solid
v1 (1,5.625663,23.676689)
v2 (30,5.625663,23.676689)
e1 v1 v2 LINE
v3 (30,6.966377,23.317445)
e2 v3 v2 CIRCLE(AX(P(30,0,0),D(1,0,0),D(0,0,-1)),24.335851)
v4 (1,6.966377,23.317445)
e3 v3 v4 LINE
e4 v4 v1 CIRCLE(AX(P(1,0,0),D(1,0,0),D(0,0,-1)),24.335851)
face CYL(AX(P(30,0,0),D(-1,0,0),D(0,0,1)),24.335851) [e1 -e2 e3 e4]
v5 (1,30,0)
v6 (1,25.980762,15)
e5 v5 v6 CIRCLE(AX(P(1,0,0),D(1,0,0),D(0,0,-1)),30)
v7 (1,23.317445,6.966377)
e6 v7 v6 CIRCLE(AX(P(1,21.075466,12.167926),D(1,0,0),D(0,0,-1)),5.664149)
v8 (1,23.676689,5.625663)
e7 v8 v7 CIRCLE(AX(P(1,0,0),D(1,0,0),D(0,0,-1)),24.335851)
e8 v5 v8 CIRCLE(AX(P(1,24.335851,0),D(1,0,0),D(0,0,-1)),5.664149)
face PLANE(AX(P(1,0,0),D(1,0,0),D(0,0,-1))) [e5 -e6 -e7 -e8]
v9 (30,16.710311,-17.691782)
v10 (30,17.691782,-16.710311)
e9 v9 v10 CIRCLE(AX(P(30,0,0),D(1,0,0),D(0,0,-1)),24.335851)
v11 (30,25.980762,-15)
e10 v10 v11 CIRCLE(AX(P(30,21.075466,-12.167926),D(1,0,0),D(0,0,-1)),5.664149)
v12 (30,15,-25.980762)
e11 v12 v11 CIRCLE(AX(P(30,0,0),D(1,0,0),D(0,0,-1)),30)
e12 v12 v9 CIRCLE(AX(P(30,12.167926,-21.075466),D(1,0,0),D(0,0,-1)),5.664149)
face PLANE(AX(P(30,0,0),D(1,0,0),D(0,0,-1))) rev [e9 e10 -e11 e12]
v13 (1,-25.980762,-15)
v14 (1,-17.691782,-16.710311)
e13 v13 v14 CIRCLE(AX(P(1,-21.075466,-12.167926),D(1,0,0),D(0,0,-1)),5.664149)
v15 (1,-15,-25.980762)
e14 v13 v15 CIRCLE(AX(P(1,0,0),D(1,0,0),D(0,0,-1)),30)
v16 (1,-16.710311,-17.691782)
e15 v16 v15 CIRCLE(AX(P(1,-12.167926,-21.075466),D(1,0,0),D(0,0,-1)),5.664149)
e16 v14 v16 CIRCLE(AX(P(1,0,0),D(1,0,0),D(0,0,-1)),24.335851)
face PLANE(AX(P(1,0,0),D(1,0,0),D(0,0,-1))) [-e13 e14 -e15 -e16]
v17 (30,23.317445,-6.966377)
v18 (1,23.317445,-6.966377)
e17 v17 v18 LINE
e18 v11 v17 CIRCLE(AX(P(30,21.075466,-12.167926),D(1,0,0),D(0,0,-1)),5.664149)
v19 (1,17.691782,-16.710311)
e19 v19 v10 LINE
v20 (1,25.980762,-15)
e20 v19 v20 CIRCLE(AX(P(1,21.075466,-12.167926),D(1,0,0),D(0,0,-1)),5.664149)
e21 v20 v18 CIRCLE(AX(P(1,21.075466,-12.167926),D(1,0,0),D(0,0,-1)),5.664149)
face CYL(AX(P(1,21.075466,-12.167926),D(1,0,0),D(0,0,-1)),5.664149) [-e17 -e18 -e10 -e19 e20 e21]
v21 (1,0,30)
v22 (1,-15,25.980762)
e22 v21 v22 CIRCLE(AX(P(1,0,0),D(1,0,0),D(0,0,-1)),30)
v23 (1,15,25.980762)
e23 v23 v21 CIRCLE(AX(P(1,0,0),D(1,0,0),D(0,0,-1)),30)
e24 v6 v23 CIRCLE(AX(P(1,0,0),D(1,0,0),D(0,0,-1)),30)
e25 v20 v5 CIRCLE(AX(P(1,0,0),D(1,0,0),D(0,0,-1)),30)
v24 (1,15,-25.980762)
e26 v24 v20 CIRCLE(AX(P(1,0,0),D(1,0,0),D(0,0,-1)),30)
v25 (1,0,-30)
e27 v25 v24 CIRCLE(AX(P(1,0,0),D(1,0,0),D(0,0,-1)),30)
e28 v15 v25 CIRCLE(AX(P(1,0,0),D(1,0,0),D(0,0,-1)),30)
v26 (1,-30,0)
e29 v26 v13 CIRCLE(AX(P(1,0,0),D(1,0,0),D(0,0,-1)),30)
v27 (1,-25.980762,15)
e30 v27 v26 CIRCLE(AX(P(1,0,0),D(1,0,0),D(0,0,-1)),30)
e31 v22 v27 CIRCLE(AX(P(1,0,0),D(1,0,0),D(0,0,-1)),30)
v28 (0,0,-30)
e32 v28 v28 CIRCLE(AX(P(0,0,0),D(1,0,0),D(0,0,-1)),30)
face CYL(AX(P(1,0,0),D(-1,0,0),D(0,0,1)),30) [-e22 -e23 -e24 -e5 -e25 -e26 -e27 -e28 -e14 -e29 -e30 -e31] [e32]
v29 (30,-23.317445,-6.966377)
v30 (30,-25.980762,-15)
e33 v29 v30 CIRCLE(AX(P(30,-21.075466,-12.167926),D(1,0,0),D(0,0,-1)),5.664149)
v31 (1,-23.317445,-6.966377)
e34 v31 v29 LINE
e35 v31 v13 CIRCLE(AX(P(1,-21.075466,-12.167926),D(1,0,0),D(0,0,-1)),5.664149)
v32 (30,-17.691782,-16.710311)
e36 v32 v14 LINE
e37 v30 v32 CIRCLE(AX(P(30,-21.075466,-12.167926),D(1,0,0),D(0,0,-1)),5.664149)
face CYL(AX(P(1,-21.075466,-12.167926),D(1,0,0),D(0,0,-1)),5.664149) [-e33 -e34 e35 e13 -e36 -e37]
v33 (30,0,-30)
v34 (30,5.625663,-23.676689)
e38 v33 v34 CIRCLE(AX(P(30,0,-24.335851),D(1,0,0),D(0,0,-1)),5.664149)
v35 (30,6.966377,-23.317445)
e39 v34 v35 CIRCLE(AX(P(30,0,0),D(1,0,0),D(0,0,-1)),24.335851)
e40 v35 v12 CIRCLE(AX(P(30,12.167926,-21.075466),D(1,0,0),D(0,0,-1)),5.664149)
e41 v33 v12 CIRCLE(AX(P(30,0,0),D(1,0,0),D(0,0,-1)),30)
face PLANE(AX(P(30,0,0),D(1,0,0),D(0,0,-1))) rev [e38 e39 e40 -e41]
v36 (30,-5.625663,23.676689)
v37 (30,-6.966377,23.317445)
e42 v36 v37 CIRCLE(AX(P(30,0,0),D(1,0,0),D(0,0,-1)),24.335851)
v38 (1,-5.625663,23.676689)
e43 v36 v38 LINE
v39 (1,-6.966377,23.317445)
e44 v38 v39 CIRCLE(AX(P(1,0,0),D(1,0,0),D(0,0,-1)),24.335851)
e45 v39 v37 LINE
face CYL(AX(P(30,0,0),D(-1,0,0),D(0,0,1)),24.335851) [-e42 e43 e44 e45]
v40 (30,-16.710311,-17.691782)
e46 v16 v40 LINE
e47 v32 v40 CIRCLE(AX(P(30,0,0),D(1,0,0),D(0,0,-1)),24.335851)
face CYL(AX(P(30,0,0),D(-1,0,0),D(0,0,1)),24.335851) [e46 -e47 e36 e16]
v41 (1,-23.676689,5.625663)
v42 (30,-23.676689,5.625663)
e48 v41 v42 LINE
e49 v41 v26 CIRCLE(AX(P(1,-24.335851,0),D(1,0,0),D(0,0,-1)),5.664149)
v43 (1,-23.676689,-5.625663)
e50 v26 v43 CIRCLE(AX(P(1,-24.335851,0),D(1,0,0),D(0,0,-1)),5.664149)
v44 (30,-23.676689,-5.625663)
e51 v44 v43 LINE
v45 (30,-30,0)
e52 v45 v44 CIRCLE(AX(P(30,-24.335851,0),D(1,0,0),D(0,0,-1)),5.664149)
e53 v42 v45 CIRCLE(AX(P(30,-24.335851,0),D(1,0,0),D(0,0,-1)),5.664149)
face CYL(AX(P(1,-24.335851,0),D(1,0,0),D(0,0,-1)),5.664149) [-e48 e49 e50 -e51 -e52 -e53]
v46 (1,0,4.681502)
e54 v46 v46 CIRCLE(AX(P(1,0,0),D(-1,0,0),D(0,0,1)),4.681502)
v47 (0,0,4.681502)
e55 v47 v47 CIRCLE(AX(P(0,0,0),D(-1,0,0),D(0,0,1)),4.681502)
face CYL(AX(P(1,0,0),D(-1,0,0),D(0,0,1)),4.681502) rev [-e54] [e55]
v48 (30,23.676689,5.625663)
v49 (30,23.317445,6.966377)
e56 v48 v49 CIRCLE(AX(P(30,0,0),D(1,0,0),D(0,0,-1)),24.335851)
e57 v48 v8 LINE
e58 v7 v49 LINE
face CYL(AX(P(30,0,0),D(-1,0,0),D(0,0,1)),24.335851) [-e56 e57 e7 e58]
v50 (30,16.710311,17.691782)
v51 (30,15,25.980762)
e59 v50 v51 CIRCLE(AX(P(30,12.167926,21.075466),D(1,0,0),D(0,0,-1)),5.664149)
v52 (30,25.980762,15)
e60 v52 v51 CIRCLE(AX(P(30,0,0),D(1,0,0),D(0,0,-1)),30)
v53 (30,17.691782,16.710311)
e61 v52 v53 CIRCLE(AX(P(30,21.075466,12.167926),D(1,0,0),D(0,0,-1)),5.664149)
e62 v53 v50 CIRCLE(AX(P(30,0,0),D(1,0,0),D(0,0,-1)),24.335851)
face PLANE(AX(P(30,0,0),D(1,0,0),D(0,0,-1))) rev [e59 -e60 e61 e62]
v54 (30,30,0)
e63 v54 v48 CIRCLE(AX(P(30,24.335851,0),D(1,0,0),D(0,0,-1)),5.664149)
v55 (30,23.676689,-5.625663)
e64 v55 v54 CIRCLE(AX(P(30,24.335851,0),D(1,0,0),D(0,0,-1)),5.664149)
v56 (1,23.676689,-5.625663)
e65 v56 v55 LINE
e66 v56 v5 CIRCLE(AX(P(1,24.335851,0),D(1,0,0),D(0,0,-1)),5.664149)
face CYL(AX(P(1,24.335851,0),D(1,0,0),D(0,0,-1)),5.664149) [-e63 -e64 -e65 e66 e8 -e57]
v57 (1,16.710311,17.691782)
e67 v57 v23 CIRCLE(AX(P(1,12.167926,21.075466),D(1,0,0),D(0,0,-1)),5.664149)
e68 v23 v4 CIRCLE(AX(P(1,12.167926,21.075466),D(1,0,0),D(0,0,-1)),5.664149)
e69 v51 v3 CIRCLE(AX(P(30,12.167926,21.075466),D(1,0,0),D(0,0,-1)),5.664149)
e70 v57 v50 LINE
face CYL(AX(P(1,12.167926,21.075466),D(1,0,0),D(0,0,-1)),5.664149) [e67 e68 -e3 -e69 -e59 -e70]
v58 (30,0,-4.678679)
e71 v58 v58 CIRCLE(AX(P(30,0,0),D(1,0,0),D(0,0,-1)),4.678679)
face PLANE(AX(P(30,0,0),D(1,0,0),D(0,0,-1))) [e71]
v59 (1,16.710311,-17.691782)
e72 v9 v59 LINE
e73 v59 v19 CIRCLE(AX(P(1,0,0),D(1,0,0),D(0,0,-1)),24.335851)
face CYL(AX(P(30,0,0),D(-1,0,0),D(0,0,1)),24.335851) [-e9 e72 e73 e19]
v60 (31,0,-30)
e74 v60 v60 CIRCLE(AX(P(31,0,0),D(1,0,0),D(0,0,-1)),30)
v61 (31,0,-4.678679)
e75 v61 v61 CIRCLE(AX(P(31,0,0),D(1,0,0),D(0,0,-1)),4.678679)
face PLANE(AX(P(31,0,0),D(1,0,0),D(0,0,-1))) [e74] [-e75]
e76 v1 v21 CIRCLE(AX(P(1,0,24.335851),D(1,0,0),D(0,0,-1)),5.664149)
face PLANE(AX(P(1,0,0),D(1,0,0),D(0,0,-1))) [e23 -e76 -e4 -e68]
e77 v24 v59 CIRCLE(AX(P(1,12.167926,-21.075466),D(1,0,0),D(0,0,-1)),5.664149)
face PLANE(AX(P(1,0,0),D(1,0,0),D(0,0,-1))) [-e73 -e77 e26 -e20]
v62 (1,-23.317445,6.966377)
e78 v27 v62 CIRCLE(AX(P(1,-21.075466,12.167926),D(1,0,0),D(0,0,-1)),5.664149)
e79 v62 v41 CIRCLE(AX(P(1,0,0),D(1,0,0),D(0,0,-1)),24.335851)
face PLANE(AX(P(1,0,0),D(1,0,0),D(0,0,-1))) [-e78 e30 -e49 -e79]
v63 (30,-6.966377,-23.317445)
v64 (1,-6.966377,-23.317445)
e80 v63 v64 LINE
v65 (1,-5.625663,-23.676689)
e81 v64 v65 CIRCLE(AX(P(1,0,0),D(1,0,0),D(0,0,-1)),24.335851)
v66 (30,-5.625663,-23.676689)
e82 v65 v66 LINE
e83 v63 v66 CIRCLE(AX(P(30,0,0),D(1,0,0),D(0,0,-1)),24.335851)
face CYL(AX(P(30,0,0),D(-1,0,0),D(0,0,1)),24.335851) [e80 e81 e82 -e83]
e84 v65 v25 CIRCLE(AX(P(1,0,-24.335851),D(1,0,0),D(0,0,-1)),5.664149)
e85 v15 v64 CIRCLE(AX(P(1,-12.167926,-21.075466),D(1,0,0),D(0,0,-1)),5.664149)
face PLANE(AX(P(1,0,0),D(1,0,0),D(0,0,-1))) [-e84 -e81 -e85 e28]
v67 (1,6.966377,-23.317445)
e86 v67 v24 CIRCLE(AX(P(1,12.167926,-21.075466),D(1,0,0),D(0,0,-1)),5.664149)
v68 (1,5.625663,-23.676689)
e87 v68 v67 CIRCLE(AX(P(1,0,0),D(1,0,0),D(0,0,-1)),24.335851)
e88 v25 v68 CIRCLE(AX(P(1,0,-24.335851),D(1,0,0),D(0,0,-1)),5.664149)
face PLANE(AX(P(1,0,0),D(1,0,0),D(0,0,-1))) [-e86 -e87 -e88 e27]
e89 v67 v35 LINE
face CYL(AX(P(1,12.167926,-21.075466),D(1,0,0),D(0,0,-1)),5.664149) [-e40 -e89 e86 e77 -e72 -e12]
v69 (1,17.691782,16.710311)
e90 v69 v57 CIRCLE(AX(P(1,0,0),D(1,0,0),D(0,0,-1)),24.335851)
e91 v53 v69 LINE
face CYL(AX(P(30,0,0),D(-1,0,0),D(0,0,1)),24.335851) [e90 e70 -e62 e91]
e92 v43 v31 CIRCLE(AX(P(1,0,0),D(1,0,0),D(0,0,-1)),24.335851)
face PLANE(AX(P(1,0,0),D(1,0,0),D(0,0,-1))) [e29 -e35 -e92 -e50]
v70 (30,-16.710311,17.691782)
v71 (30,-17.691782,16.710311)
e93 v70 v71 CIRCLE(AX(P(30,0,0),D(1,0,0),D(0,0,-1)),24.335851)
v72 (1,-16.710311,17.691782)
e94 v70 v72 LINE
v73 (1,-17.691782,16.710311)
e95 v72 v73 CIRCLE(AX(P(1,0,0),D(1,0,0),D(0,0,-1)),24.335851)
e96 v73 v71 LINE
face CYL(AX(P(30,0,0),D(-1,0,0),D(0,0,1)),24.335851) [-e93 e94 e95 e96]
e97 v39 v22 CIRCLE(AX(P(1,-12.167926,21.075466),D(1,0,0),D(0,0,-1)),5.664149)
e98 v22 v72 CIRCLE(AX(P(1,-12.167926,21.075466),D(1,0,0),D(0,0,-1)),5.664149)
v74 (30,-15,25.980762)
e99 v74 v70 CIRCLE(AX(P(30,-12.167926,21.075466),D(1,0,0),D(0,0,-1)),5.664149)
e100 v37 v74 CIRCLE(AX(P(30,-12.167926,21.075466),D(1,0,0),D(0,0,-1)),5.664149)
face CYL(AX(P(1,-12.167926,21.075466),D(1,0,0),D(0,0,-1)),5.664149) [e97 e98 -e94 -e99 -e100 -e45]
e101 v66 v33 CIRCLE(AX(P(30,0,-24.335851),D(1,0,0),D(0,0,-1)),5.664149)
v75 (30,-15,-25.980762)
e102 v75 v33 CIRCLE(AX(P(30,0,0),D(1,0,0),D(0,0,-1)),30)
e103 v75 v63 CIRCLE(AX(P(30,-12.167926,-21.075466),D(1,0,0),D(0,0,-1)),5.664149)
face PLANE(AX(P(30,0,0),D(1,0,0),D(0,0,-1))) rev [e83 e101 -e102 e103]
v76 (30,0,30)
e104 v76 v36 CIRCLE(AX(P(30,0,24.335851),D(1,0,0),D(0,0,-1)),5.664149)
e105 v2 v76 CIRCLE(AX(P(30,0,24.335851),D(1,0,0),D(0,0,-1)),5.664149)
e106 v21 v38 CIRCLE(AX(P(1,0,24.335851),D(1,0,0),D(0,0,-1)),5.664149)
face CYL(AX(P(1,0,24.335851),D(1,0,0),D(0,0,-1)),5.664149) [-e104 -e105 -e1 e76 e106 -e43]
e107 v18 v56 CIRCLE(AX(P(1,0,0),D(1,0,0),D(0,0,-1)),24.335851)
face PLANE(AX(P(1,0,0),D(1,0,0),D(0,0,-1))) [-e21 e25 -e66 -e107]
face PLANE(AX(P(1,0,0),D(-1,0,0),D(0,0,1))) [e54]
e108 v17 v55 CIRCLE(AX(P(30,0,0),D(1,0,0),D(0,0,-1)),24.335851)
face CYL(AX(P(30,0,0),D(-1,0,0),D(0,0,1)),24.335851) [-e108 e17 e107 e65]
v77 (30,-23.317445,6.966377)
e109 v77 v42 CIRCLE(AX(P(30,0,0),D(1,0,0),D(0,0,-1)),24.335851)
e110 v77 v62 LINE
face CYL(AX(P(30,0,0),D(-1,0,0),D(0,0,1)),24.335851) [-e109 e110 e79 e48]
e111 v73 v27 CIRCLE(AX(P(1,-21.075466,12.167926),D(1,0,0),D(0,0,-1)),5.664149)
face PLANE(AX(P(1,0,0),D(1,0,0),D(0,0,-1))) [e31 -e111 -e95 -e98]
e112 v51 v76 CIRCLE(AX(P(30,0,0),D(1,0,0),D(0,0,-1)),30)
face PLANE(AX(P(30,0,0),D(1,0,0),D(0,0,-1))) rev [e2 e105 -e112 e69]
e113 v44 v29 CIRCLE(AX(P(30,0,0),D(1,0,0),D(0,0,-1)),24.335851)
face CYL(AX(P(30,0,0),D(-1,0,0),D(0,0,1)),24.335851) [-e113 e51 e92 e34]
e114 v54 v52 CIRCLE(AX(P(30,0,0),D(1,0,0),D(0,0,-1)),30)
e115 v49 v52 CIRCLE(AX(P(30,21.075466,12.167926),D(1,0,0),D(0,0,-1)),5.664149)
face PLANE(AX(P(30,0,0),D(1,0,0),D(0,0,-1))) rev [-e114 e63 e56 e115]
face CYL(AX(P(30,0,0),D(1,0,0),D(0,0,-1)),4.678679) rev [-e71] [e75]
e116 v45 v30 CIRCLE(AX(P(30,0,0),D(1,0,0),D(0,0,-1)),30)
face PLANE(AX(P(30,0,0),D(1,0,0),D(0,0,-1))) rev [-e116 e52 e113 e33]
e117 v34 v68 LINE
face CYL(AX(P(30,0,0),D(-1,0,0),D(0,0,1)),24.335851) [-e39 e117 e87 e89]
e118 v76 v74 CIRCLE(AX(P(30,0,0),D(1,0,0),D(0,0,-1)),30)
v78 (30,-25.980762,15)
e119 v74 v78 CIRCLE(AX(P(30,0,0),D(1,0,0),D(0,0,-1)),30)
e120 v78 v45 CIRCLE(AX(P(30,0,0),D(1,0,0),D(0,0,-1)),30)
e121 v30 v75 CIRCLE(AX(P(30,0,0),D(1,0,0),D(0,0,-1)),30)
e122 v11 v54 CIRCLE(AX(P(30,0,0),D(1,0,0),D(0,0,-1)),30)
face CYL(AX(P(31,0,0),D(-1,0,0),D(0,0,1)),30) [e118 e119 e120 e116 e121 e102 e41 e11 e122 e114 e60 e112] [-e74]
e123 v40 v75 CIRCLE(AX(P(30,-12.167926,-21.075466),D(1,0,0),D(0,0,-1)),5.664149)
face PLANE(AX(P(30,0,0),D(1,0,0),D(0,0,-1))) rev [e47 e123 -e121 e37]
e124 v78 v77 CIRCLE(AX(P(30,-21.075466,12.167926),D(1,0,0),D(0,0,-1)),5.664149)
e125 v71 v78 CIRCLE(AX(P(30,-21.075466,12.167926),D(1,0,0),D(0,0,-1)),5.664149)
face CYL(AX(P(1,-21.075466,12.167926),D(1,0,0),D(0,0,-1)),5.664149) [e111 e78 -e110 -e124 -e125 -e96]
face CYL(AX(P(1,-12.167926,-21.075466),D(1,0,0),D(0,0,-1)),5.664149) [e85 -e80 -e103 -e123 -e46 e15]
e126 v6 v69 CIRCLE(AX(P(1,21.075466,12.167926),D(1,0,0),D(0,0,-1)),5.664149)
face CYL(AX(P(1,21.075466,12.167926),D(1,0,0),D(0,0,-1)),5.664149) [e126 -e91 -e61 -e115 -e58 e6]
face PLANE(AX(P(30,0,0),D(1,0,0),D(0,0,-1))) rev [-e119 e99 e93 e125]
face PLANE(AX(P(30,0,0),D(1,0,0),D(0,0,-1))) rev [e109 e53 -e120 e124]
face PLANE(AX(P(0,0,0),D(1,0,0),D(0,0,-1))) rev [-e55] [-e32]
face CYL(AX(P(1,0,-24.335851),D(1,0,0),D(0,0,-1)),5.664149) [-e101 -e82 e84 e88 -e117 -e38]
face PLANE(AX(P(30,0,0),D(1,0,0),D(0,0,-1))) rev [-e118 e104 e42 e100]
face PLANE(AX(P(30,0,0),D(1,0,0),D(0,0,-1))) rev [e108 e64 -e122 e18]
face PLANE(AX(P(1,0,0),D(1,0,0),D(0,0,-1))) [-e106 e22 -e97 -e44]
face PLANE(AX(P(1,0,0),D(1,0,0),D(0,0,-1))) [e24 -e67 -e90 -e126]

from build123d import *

# Parameters (mm, degrees)
SKETCH1_R           = 30
BOSS_EXTRUDE1_DEPTH = 1
SKETCH2_R           = 24.335851471
BOSS_EXTRUDE2_DEPTH = 29
SKETCH3_R           = 5.664148529
BOSS_EXTRUDE3_DEPTH = 29
SKETCH4_R           = 30
BOSS_EXTRUDE4_DEPTH = 1
SKETCH5_R           = 4.681501742
CUT_EXTRUDE1_DEPTH  = 1
SKETCH6_R           = 4.678679428
CUT_EXTRUDE2_DEPTH  = 1


with BuildPart() as part:
    # Sketch1 → Boss-Extrude1 (new body)
    with BuildSketch(Plane(origin=(0, 0, 0), x_dir=(0, 0, -1), z_dir=(1, 0, 0))):
        Circle(SKETCH1_R)
    extrude(amount=BOSS_EXTRUDE1_DEPTH)

    # Sketch2 → Boss-Extrude2 (add)
    with BuildSketch(Plane(origin=(1, 0, 0), x_dir=(0, 0, -1), z_dir=(1, 0, 0))):
        Circle(SKETCH2_R)
    extrude(amount=BOSS_EXTRUDE2_DEPTH)

    # Sketch3 → Boss-Extrude3 (add)
    with BuildSketch(Plane(origin=(30, 0, 0), x_dir=(0, 0, -1), z_dir=(1, 0, 0))):
        with Locations((0, 24.335851471)):
            Circle(SKETCH3_R)
        with Locations((12.167925735, 21.075465597)):
            Circle(SKETCH3_R)
        with Locations((21.075465597, 12.167925735)):
            Circle(SKETCH3_R)
        with Locations((24.335851471, 0)):
            Circle(SKETCH3_R)
        with Locations((21.075465597, -12.167925735)):
            Circle(SKETCH3_R)
        with Locations((12.167925735, -21.075465597)):
            Circle(SKETCH3_R)
        with Locations((0, -24.335851471)):
            Circle(SKETCH3_R)
        with Locations((-12.167925735, -21.075465597)):
            Circle(SKETCH3_R)
        with Locations((-21.075465597, -12.167925735)):
            Circle(SKETCH3_R)
        with Locations((-24.335851471, 0)):
            Circle(SKETCH3_R)
        with Locations((-21.075465597, 12.167925735)):
            Circle(SKETCH3_R)
        with Locations((-12.167925735, 21.075465597)):
            Circle(SKETCH3_R)
    extrude(amount=-BOSS_EXTRUDE3_DEPTH)

    # Sketch4 → Boss-Extrude4 (add)
    with BuildSketch(Plane(origin=(30, 0, 0), x_dir=(0, 0, -1), z_dir=(1, 0, 0))):
        Circle(SKETCH4_R)
    extrude(amount=BOSS_EXTRUDE4_DEPTH)

    # Sketch5 → Cut-Extrude1 (cut)
    with BuildSketch(Plane.ZY):
        Circle(SKETCH5_R)
    extrude(amount=-CUT_EXTRUDE1_DEPTH, mode=Mode.SUBTRACT)

    # Sketch6 → Cut-Extrude2 (cut)
    with BuildSketch(Plane(origin=(31, 0, 0), x_dir=(0, 0, -1), z_dir=(1, 0, 0))):
        Circle(SKETCH6_R)
    extrude(amount=-CUT_EXTRUDE2_DEPTH, mode=Mode.SUBTRACT)


solid = part.part
